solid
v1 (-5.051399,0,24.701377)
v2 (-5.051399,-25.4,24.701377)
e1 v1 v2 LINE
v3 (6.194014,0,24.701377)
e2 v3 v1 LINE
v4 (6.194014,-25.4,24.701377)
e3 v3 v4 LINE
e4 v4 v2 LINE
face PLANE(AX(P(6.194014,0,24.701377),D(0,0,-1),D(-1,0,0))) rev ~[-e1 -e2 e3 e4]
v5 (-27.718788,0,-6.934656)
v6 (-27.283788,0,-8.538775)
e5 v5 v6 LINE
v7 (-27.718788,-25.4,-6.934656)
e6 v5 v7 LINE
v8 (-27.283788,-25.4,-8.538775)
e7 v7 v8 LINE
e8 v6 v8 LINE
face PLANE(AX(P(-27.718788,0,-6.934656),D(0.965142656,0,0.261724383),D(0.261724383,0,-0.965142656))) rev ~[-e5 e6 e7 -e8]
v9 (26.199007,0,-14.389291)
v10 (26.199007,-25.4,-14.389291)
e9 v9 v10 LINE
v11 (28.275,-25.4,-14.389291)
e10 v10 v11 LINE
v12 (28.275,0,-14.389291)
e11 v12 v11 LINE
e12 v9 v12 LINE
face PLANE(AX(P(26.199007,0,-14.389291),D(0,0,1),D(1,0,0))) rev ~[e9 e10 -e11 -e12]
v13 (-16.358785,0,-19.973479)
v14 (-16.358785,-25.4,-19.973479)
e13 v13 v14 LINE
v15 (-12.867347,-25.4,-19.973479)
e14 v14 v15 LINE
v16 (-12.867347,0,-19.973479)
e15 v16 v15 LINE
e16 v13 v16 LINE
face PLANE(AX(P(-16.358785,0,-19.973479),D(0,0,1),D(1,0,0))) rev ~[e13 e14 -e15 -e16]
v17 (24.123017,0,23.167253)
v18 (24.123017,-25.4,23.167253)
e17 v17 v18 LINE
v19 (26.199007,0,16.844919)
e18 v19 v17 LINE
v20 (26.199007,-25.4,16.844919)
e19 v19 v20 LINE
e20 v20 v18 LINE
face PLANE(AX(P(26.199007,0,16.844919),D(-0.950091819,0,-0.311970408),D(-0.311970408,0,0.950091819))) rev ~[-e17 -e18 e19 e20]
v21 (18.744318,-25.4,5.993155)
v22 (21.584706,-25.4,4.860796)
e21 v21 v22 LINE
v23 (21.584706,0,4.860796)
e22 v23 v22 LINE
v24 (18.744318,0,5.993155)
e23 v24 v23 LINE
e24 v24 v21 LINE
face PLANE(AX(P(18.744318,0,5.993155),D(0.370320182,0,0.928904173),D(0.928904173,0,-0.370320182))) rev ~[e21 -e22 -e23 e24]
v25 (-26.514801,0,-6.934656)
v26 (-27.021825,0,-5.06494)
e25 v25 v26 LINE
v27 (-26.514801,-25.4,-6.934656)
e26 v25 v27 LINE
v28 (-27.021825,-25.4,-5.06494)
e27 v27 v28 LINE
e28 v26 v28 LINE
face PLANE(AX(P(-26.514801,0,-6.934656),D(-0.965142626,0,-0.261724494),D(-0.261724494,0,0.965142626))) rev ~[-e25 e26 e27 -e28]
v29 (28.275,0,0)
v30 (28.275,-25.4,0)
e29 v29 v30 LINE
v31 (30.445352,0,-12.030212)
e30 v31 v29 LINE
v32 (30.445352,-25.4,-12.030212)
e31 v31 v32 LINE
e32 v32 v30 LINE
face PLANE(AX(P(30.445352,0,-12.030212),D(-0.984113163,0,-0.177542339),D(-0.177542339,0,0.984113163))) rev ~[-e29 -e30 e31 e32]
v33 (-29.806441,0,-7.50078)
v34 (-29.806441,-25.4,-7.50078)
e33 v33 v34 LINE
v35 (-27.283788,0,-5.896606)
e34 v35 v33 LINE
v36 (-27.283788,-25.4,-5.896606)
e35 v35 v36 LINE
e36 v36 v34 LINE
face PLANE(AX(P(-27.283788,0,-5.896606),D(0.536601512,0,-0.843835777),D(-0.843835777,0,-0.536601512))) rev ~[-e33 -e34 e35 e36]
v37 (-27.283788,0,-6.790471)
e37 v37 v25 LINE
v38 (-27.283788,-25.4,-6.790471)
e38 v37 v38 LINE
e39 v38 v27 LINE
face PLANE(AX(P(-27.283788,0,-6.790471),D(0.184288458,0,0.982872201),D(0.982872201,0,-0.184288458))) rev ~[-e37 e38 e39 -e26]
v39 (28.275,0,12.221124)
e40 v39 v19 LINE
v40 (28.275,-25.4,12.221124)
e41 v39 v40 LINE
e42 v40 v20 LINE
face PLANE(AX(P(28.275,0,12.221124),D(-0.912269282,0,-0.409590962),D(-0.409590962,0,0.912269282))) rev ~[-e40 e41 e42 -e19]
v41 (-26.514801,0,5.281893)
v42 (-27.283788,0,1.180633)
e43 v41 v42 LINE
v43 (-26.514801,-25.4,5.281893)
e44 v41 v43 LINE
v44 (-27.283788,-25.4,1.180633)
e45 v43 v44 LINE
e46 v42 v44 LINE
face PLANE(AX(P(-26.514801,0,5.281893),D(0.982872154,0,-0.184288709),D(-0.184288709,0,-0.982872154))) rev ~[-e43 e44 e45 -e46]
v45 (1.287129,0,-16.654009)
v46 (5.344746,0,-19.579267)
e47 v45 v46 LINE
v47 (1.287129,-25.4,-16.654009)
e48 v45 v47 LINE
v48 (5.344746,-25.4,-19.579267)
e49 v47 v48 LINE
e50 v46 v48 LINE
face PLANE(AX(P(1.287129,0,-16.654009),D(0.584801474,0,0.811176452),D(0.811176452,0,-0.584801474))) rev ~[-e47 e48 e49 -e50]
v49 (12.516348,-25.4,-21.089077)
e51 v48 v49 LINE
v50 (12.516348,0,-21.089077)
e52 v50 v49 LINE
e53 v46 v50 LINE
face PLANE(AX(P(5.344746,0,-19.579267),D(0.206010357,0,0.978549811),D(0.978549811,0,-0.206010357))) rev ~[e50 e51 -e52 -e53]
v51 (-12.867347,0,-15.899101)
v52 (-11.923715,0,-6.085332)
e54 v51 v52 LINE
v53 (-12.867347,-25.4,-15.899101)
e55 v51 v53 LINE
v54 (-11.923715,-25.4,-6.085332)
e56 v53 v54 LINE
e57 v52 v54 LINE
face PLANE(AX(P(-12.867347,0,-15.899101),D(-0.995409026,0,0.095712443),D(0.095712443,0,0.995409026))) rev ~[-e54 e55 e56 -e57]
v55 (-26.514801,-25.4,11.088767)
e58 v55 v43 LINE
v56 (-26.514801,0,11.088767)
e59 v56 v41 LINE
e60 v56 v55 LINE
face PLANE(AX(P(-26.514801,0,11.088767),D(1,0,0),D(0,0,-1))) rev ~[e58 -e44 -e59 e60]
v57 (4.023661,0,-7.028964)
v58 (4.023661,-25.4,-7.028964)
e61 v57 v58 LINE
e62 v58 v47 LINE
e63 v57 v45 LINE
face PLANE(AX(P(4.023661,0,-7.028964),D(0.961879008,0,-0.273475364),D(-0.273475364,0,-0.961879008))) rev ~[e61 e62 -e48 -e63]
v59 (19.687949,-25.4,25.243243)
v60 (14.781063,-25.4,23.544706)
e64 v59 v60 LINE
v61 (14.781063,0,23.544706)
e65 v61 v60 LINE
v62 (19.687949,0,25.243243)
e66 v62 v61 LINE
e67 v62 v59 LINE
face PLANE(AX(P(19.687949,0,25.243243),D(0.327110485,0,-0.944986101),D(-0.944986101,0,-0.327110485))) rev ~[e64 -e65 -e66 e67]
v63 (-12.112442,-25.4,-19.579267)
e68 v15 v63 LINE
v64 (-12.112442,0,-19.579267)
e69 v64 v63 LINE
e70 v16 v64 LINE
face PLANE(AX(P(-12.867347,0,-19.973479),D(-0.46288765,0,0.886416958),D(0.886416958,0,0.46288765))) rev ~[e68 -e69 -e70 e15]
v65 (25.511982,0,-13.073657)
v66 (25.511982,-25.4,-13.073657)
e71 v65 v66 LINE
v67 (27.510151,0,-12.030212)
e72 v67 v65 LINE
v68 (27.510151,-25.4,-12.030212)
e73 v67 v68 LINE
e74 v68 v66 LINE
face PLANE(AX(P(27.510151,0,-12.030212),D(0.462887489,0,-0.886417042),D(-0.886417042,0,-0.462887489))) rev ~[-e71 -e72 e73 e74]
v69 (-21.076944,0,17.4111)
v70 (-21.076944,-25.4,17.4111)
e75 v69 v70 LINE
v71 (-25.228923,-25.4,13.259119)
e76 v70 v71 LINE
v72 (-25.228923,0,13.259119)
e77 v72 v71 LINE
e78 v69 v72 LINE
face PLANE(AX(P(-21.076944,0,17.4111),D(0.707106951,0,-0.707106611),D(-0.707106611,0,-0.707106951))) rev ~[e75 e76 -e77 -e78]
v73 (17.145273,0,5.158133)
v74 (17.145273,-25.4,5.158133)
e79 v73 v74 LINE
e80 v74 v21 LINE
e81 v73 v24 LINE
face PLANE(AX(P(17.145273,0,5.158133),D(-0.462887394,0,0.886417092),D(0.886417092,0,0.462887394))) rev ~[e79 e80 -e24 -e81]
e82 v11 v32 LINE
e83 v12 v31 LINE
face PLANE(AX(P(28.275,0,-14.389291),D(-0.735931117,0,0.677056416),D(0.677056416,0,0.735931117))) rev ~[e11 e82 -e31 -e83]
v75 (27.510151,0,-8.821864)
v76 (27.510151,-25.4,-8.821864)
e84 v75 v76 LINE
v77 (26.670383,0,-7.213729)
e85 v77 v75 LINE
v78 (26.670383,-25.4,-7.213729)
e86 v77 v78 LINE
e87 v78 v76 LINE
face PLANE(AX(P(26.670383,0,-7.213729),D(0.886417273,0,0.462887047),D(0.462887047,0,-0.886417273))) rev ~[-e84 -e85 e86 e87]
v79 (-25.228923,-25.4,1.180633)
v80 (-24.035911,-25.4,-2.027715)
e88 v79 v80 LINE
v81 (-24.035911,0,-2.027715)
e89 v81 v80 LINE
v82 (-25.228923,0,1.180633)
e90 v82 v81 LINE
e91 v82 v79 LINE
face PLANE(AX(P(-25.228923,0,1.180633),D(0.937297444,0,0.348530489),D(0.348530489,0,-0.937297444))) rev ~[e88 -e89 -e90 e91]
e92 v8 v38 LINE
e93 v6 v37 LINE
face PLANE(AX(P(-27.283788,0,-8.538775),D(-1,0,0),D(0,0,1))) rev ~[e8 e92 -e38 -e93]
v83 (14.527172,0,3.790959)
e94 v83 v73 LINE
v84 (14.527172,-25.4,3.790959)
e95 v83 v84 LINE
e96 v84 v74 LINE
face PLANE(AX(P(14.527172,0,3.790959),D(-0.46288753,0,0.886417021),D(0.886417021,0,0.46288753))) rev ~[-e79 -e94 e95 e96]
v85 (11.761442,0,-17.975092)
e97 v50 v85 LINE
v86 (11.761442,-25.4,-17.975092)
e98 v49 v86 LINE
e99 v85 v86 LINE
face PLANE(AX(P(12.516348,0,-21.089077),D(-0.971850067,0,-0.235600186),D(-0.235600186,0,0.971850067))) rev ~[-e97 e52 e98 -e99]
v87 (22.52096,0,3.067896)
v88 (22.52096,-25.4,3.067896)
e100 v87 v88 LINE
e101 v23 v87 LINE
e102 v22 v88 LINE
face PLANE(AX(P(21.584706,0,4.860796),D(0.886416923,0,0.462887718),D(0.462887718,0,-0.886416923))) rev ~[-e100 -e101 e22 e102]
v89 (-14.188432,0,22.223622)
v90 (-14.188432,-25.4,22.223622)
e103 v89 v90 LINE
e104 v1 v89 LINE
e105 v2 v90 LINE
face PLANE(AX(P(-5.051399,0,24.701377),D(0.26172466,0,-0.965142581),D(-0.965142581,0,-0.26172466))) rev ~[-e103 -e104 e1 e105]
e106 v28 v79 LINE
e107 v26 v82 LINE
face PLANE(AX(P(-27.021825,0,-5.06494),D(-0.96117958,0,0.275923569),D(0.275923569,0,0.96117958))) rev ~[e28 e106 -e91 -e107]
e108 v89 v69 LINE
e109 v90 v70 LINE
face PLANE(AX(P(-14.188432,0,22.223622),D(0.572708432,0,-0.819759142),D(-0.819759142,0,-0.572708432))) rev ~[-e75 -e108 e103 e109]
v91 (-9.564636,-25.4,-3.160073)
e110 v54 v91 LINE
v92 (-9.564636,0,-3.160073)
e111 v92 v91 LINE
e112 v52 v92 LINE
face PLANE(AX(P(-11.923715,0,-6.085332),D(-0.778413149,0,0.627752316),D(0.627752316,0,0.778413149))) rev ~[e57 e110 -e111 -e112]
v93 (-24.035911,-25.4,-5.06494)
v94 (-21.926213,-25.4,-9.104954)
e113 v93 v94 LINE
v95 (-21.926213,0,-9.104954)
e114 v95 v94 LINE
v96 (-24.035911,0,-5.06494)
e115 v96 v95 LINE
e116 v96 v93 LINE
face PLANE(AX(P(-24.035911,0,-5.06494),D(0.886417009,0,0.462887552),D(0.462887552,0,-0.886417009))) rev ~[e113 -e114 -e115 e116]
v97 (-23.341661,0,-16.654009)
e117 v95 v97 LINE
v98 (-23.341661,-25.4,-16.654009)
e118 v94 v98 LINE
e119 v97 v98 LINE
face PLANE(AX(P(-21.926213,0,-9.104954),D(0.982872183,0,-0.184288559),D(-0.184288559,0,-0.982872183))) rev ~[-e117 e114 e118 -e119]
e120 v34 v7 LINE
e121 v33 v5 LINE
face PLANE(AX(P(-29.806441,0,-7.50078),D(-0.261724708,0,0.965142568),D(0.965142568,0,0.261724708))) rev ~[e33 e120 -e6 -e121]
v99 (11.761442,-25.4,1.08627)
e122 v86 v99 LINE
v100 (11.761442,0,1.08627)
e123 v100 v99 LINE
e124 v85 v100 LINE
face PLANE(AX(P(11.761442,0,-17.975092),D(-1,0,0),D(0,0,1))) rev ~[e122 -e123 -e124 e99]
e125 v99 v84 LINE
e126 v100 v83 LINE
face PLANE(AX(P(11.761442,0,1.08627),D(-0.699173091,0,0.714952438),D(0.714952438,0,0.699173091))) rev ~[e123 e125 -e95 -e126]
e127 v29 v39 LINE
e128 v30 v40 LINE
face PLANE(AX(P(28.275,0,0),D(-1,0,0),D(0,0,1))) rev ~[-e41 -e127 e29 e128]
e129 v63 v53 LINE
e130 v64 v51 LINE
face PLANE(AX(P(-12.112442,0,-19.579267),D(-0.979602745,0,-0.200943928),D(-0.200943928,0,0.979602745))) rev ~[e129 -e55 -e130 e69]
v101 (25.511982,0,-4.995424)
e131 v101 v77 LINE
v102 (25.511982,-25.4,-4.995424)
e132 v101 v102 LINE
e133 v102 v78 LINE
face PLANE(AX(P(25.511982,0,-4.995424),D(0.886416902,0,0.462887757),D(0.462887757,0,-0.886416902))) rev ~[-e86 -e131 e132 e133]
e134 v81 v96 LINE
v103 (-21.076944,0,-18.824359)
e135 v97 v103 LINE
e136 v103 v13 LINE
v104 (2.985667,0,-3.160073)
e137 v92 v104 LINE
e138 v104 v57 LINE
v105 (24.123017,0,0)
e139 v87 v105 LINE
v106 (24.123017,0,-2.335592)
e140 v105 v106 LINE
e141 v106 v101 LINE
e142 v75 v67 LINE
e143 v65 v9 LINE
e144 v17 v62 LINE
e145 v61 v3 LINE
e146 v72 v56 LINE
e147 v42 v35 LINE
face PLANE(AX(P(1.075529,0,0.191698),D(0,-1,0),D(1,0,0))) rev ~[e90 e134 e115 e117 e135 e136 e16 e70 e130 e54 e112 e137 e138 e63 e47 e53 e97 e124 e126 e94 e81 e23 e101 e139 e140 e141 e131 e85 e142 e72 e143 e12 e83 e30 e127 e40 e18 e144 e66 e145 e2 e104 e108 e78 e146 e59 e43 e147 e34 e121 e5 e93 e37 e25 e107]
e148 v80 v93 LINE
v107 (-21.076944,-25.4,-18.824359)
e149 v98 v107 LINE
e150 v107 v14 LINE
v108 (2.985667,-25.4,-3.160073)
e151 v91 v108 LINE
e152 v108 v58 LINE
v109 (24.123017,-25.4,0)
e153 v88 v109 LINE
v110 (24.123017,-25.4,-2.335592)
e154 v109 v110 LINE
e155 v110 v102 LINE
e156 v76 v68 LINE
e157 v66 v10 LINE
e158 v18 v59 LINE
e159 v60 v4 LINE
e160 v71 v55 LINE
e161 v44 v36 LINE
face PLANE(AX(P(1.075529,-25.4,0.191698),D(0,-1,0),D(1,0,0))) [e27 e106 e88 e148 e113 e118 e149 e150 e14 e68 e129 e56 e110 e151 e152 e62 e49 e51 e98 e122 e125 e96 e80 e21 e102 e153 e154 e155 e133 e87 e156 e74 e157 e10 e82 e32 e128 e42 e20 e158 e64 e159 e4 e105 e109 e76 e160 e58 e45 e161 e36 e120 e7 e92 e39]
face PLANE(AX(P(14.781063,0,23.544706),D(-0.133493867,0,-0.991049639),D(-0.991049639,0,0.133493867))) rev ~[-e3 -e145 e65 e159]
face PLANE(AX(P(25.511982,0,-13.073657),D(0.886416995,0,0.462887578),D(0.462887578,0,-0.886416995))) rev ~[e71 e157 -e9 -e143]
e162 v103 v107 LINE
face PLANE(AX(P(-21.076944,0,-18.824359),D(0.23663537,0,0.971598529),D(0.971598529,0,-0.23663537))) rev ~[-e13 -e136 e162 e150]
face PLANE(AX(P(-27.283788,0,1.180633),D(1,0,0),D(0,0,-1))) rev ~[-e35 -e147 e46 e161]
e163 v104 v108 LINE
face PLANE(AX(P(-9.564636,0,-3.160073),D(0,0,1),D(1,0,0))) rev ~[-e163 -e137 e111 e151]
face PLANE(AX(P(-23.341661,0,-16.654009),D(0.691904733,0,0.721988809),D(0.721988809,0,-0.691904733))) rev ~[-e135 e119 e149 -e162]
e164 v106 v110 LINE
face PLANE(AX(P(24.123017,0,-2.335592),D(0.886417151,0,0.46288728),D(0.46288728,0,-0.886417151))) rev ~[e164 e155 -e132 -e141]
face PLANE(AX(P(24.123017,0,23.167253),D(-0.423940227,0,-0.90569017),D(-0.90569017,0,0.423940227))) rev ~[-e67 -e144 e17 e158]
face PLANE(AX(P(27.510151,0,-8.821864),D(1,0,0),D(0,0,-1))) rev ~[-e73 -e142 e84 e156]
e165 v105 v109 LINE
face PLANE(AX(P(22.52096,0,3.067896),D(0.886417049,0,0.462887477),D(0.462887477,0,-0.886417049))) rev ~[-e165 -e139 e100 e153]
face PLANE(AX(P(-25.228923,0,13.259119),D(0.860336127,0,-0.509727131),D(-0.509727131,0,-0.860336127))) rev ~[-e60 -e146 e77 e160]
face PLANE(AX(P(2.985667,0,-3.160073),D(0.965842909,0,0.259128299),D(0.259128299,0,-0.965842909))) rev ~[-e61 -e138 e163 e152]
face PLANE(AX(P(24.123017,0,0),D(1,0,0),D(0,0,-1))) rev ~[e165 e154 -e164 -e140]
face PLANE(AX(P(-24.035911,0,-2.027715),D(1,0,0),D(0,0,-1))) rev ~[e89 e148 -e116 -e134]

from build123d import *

# Parameters (mm, degrees)
F1_DEPTH = 25.4


with BuildPart() as f1:
    # F0 (on Front) → F1 (new body)
    with BuildSketch(Plane.XZ):
        Polygon((19.687949, 25.243243), (14.781063, 23.544706), (6.194014, 24.701377), (-5.051399, 24.701377), (-14.188432, 22.223622), (-21.076944, 17.4111), (-25.228923, 13.259119), (-26.514801, 11.088767), (-26.514801, 5.281893), (-27.283788, 1.180633), (-27.283788, -5.896606), (-29.806441, -7.50078), (-27.718788, -6.934656), (-27.283788, -8.538775), (-27.283788, -6.790471), (-26.514801, -6.934656), (-27.021825, -5.06494), (-25.228923, 1.180633), (-24.035911, -2.027715), (-24.035911, -5.06494), (-21.926213, -9.104954), (-23.341661, -16.654009), (-21.076944, -18.824359), (-16.358785, -19.973479), (-12.867347, -19.973479), (-12.112442, -19.579267), (-12.867347, -15.899101), (-11.923715, -6.085332), (-9.564636, -3.160073), (2.985667, -3.160073), (4.023661, -7.028964), (1.287129, -16.654009), (5.344746, -19.579267), (12.516348, -21.089077), (11.761442, -17.975092), (11.761442, -16.654009), (11.761442, 1.08627), (14.527172, 3.790959), (17.145273, 5.158133), (18.744318, 5.993155), (21.584706, 4.860796), (22.52096, 3.067896), (24.123017, 0), (24.123017, -2.335592), (25.511982, -4.995424), (26.670383, -7.213729), (27.510151, -8.821864), (27.510151, -12.030212), (25.511982, -13.073657), (26.199007, -14.389291), (28.275, -14.389291), (30.445352, -12.030212), (28.275, 0), (28.275, 1.841175), (28.275, 4.860796), (28.275, 12.221124), (26.199007, 16.844919), (24.123017, 23.167253), align=None)
    extrude(amount=F1_DEPTH)


solid = f1.part
